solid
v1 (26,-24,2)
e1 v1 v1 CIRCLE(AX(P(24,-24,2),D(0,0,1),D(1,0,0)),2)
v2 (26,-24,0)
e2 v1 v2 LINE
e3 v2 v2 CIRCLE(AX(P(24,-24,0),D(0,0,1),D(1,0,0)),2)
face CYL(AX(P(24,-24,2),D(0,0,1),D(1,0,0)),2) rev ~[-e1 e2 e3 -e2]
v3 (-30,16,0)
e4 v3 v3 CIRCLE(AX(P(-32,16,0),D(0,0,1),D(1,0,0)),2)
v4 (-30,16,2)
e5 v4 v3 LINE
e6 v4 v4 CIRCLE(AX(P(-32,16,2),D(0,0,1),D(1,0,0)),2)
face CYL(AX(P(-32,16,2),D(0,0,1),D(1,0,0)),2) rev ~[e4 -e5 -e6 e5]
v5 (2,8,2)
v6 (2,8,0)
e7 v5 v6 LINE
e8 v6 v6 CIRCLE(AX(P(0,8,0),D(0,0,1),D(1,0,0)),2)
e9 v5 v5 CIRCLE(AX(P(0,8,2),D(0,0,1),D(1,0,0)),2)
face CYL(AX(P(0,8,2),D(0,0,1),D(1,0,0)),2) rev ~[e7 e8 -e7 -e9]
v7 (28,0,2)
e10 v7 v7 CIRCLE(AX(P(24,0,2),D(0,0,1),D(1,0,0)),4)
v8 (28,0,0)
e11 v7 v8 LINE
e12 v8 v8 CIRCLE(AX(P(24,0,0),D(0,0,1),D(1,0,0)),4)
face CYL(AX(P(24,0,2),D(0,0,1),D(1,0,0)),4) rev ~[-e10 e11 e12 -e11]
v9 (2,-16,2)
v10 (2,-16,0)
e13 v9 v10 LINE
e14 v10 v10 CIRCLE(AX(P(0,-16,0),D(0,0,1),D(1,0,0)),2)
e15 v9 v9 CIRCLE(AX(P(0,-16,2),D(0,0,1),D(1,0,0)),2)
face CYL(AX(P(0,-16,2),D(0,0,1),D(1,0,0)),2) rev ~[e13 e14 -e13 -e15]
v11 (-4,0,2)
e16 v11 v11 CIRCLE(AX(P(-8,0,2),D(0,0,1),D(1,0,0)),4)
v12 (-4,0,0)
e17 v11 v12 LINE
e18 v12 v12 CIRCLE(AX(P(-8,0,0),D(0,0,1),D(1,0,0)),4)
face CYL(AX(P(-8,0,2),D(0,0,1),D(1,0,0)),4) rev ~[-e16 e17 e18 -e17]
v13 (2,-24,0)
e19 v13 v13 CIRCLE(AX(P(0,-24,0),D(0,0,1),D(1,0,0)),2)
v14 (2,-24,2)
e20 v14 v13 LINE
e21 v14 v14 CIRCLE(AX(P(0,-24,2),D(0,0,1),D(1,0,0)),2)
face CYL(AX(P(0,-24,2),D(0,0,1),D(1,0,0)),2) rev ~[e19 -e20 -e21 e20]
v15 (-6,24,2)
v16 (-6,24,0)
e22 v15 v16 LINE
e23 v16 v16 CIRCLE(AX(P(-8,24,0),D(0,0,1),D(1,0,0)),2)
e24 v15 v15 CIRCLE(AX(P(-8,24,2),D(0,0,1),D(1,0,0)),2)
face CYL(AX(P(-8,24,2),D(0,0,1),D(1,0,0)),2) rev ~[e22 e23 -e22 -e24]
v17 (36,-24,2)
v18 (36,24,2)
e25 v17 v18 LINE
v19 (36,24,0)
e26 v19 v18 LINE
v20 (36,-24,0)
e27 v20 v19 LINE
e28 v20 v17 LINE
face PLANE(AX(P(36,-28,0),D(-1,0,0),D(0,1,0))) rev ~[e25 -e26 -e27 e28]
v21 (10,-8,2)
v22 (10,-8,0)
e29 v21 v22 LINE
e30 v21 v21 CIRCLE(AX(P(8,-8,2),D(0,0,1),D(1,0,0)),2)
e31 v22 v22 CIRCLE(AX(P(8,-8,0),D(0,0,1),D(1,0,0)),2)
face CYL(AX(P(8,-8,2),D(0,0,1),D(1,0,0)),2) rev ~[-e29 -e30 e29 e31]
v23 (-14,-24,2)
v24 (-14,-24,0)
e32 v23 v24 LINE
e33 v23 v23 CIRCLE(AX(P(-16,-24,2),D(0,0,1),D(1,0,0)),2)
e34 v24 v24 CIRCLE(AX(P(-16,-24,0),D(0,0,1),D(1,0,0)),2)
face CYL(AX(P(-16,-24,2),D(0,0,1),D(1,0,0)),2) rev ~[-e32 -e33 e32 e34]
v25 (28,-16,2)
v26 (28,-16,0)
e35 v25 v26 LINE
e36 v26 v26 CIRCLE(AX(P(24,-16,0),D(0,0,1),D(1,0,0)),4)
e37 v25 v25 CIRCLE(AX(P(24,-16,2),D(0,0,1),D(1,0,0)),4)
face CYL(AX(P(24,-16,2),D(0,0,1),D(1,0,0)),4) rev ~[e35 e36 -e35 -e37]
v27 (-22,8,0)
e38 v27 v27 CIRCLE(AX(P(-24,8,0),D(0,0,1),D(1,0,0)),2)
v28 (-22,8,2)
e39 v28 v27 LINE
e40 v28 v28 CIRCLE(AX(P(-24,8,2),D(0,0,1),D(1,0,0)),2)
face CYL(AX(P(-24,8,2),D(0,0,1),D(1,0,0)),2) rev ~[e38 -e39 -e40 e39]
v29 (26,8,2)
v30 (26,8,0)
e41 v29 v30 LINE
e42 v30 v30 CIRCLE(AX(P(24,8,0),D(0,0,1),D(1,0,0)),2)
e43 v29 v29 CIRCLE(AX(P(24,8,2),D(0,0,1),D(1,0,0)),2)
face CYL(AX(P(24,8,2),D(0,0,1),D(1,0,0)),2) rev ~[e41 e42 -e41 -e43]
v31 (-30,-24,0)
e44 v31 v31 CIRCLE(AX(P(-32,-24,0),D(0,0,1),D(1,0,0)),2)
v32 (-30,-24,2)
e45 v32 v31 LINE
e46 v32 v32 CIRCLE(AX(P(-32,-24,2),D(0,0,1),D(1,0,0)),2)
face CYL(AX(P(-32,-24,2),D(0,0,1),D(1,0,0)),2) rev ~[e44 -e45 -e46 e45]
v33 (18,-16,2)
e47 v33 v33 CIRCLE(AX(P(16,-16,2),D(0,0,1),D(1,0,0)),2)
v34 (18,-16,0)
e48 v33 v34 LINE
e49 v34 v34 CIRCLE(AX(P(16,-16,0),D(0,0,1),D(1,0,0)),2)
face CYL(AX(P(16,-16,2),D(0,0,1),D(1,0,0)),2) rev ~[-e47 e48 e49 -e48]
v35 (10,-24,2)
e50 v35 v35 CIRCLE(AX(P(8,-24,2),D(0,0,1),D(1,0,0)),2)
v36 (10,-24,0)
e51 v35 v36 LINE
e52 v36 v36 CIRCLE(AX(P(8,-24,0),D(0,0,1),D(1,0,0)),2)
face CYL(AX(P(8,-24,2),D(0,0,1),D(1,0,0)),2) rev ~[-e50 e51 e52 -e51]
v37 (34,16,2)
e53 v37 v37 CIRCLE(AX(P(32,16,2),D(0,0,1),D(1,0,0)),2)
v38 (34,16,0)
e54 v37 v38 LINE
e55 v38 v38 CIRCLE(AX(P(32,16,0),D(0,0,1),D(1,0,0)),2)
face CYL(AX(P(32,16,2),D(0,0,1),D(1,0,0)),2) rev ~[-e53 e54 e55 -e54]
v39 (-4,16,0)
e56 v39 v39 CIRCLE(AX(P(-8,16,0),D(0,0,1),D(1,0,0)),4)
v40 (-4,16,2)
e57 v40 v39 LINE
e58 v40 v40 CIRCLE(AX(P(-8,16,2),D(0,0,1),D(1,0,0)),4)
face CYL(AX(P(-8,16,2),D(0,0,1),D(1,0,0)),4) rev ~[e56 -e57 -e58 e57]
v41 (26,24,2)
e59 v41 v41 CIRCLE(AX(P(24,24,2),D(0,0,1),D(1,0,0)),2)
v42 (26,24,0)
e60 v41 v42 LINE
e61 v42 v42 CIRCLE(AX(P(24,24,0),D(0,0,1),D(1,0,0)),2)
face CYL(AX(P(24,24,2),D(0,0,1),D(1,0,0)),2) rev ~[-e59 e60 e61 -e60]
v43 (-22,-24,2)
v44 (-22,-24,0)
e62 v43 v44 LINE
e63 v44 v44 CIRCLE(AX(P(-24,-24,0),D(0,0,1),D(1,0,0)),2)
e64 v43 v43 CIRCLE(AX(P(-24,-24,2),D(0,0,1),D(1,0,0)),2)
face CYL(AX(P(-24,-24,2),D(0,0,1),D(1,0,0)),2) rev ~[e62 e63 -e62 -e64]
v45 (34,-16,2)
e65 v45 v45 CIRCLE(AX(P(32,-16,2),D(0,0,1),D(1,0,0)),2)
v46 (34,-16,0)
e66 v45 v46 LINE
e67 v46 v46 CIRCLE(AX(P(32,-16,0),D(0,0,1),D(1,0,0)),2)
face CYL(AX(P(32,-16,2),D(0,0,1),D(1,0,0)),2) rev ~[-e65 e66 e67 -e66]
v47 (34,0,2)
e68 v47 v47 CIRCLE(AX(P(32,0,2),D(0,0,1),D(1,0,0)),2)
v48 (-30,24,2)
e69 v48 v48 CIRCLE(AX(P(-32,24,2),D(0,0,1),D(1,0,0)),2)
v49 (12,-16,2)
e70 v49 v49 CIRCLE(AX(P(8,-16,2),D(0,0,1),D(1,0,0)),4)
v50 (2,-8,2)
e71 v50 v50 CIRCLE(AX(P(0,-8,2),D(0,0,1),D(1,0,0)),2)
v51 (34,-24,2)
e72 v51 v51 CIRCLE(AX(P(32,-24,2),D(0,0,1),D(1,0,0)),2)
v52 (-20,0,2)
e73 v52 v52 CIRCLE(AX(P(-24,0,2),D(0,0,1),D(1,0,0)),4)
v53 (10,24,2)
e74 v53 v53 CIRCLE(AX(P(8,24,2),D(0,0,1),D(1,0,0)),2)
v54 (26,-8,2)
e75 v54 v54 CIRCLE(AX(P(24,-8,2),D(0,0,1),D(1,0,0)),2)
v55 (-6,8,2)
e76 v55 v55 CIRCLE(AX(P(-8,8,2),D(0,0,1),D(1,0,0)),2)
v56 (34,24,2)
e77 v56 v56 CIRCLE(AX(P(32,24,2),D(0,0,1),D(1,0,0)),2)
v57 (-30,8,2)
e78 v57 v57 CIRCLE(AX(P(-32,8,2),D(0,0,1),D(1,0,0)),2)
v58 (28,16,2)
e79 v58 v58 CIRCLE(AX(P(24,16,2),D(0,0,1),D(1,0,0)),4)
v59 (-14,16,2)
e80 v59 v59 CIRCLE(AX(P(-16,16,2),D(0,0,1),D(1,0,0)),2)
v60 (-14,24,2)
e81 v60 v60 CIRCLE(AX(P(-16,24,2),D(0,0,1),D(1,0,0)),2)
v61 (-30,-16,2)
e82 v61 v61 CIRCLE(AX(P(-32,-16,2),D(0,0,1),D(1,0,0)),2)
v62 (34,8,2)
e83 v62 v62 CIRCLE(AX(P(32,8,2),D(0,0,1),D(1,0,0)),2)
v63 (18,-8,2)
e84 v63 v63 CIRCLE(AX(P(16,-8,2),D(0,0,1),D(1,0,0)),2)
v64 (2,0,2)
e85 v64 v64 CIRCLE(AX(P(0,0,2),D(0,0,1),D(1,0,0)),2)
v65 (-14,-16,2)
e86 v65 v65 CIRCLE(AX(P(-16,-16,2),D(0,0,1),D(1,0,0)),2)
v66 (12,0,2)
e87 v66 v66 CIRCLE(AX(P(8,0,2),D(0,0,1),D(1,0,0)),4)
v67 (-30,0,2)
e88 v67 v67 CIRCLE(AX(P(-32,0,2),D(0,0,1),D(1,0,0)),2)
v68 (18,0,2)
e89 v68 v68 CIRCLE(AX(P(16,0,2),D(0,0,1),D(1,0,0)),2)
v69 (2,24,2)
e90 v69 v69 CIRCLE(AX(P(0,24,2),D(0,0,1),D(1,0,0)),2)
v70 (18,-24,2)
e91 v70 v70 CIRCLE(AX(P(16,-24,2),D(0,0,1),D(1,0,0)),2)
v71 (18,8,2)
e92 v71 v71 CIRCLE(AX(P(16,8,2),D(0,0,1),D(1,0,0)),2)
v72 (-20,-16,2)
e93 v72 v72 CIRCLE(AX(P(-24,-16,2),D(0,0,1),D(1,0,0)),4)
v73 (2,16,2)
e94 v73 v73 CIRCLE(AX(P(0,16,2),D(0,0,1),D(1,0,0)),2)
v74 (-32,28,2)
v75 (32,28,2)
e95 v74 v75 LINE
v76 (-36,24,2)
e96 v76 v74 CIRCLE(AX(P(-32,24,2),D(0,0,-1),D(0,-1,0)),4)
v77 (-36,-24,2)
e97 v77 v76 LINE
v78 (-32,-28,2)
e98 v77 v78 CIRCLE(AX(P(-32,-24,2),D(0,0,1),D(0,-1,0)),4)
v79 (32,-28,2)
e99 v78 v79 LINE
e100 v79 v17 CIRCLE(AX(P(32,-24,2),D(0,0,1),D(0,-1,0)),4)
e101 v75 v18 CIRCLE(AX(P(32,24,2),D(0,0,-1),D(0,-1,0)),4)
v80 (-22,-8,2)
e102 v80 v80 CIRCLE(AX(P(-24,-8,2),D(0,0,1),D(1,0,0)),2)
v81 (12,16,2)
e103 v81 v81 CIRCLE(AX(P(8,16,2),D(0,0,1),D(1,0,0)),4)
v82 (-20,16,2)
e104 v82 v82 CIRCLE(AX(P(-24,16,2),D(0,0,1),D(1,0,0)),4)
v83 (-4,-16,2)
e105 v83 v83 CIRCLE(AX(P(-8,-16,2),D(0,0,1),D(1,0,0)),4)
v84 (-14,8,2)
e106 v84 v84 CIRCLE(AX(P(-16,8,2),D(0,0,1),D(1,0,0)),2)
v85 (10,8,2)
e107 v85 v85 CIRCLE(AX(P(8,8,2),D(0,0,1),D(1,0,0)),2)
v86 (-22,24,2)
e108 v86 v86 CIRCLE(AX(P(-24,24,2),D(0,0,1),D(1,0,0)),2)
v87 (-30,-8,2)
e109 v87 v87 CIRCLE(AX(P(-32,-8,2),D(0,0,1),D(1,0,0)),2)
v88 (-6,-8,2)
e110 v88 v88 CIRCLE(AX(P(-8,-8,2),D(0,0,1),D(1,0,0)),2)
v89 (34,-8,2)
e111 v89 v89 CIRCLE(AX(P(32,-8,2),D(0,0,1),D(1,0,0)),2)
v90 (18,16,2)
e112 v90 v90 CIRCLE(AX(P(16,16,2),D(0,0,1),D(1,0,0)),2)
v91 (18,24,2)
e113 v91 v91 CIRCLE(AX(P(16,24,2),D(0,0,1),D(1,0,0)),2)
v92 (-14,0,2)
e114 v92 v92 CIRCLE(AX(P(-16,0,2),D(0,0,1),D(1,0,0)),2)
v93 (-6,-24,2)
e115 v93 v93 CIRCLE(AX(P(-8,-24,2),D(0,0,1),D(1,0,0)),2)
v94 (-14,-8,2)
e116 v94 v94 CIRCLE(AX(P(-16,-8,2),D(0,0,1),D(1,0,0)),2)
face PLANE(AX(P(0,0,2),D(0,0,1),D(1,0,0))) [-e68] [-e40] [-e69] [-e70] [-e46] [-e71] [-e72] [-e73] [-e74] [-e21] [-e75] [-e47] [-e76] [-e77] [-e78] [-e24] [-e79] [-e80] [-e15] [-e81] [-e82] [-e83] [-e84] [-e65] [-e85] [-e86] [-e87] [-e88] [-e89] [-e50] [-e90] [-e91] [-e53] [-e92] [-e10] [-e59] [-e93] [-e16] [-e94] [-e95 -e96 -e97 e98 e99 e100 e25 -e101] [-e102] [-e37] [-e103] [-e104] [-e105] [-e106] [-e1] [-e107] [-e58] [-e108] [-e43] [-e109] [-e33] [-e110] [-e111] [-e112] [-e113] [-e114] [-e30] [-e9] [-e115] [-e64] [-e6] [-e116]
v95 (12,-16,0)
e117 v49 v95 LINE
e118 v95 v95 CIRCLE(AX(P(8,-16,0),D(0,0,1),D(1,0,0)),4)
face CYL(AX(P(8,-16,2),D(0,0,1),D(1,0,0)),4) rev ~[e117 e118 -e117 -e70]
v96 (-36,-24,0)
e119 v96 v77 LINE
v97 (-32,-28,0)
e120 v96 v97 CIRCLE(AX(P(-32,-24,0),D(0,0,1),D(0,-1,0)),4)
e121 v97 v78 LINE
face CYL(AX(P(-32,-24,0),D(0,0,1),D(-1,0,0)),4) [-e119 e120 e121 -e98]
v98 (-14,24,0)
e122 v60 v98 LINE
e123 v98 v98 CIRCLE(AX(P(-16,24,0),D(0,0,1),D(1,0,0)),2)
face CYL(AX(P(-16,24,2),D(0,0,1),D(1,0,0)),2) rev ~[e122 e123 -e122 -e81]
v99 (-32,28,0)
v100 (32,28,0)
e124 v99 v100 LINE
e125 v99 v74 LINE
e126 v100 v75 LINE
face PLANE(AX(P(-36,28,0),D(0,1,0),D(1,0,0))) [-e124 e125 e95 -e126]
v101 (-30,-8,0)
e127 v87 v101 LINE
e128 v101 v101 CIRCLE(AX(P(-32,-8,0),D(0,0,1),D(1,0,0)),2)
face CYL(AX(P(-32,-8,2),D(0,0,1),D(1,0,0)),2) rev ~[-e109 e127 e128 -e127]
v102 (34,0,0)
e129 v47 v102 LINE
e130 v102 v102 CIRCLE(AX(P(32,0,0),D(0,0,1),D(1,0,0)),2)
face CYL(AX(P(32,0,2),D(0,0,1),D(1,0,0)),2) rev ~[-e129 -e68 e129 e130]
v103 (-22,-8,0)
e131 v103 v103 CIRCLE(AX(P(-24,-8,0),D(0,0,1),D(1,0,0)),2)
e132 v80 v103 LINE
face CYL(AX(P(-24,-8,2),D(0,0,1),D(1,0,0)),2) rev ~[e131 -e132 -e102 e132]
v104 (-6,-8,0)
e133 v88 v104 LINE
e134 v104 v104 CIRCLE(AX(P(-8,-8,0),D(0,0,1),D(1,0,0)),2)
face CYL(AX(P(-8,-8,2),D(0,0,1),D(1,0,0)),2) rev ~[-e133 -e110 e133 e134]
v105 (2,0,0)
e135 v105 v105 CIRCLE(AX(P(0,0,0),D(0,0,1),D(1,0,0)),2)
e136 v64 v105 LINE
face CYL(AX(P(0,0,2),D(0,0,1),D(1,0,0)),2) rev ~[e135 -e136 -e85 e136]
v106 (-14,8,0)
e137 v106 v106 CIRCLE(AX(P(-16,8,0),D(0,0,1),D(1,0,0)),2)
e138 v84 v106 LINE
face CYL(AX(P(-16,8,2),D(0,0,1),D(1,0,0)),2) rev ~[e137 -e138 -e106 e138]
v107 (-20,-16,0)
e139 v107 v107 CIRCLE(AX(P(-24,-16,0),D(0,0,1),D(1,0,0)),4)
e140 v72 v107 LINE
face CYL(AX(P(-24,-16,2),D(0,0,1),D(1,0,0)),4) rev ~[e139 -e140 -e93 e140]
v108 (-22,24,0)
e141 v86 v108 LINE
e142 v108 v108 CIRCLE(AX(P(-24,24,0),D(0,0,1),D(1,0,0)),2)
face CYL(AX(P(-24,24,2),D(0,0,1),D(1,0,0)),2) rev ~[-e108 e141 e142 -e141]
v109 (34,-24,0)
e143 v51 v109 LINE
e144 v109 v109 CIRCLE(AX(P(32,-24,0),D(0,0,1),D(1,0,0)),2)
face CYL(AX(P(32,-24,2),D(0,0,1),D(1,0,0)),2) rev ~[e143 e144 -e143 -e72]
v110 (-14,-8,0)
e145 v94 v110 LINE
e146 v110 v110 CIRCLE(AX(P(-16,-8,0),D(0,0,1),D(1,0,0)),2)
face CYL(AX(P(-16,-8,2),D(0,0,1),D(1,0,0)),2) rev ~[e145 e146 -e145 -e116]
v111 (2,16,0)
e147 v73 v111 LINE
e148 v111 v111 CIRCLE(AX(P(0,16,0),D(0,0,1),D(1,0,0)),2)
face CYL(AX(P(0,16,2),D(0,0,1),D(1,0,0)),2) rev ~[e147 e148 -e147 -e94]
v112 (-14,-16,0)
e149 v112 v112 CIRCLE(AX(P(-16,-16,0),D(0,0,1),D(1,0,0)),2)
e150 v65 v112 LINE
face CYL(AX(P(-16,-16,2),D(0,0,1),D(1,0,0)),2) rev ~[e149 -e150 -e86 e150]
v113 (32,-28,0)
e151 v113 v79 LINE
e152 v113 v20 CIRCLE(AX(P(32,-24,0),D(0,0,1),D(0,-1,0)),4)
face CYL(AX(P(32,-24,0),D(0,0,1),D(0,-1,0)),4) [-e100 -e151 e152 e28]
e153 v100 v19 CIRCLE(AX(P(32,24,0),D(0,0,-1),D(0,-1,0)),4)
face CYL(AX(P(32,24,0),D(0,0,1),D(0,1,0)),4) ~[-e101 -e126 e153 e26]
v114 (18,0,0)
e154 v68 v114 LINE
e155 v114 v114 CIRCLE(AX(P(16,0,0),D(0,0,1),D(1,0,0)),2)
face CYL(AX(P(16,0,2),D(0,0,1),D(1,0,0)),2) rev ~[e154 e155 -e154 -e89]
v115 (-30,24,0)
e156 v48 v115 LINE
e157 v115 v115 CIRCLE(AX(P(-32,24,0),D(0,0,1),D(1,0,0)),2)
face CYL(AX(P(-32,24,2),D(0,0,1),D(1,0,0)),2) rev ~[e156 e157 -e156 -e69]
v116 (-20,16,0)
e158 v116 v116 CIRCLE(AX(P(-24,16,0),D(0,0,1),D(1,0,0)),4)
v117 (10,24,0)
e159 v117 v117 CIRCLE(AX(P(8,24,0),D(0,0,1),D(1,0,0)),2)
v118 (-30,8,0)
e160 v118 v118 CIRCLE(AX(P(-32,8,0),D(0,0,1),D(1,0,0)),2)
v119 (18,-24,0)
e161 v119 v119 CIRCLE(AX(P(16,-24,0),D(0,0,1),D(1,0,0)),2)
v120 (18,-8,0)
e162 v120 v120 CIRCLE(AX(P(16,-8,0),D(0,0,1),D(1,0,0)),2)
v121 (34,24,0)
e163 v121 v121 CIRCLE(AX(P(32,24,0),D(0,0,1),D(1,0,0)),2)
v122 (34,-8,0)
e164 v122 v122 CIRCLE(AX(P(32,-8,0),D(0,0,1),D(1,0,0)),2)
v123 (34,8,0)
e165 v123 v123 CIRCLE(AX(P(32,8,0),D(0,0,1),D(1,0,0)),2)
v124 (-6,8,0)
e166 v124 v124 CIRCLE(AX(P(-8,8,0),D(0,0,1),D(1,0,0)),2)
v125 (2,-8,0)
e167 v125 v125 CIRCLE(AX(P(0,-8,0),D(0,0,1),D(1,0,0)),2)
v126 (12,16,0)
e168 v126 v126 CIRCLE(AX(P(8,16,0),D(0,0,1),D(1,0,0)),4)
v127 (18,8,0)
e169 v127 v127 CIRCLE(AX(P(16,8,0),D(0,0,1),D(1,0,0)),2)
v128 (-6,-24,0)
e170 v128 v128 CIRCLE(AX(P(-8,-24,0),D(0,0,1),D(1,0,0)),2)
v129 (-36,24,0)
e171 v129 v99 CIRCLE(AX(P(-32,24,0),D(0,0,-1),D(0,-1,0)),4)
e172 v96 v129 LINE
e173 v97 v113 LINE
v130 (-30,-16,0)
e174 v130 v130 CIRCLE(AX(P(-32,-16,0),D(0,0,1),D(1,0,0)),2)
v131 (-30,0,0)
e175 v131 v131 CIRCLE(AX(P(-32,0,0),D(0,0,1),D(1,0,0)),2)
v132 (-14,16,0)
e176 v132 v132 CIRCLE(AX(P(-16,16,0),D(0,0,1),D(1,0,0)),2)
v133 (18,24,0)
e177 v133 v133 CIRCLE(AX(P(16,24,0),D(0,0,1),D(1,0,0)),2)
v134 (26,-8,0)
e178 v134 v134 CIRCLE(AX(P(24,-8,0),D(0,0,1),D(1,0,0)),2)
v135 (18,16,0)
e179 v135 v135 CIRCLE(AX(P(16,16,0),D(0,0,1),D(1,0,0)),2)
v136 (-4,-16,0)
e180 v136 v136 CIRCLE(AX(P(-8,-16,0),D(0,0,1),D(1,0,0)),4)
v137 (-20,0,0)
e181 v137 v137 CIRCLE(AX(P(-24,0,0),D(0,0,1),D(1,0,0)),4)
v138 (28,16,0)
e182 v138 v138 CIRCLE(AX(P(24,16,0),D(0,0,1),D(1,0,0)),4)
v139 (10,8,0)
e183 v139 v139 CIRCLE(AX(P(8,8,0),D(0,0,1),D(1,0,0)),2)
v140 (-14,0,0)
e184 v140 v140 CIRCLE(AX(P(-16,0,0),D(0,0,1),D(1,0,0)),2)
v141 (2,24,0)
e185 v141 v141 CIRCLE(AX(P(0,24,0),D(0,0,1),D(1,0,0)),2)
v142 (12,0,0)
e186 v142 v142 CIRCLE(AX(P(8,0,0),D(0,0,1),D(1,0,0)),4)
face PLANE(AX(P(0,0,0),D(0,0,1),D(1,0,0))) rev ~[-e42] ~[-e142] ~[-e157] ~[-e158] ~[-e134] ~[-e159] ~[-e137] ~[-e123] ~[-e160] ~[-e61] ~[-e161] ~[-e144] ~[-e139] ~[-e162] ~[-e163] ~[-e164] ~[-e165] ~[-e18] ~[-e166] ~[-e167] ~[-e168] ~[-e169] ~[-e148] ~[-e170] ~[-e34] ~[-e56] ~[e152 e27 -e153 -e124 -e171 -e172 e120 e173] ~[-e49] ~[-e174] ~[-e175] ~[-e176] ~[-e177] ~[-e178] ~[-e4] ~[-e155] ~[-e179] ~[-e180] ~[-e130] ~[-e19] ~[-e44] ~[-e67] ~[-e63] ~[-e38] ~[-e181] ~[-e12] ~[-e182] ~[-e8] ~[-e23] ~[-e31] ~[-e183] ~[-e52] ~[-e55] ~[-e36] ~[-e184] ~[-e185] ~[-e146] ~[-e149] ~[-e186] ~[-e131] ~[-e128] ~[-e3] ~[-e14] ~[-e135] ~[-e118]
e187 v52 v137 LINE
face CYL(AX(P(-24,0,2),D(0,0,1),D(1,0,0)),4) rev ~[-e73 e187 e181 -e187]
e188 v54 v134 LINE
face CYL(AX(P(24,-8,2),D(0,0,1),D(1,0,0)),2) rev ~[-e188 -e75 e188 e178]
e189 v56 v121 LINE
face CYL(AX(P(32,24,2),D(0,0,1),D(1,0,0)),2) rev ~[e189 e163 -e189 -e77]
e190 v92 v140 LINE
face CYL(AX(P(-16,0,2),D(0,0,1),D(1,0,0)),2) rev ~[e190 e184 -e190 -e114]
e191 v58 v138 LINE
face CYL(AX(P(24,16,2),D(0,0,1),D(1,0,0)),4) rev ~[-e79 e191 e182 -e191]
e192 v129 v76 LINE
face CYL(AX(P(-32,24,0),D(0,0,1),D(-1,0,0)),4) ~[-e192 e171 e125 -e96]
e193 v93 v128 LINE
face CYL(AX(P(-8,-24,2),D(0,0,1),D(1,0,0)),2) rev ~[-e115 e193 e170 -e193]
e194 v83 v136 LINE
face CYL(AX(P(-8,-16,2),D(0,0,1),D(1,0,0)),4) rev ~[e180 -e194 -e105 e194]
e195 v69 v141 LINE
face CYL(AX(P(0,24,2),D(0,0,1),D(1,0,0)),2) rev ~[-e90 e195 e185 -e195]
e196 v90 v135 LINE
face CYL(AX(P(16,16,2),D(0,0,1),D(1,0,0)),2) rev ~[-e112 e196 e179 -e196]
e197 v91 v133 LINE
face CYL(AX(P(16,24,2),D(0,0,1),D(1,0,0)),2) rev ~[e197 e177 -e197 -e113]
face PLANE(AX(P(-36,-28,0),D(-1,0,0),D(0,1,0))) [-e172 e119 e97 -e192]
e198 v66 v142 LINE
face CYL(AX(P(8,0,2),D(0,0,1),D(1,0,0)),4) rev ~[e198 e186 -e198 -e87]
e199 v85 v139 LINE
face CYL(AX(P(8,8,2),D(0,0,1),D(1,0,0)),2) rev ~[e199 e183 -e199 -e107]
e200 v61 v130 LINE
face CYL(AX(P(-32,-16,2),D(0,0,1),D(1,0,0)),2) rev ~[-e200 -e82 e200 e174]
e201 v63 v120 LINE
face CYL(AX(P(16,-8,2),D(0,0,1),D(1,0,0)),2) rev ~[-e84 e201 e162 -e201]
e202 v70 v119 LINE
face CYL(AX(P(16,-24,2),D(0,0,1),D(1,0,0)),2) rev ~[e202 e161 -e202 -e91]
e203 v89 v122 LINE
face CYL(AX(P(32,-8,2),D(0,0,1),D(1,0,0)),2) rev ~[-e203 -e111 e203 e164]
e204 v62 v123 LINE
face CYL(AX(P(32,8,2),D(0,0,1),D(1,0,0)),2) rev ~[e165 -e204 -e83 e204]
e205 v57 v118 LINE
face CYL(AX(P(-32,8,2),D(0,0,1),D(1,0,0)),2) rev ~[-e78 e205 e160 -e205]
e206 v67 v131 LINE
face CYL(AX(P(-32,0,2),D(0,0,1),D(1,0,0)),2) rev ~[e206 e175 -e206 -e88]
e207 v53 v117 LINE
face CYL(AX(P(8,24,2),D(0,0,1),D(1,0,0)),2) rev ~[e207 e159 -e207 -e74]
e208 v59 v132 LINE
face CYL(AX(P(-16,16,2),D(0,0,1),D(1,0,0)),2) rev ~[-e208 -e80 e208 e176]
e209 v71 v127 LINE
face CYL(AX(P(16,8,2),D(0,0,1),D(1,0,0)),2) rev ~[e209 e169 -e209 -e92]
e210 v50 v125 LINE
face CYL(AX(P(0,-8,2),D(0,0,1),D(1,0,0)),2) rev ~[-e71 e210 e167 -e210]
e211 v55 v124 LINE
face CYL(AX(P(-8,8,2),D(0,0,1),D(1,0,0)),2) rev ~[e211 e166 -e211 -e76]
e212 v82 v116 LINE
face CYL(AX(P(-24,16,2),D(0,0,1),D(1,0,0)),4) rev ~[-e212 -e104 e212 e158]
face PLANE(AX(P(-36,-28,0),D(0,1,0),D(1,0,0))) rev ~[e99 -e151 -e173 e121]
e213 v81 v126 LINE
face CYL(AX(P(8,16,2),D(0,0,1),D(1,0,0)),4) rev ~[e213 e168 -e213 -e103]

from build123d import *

# Parameters (mm, degrees)
SKETCH1_W            = 72
SKETCH1_H            = 56
BOSS_EXTRUDE1_DEPTH  = 2
SKETCH2_R            = 2
CUT_EXTRUDE1_DEPTH   = 3
LPATTERN1_COUNT      = 9
LPATTERN1_PITCH      = 8
LPATTERN1_COUNT_DIR2 = 7
LPATTERN1_PITCH_DIR2 = 8
SKETCH4_R            = 4
CUT_EXTRUDE2_DEPTH   = 3
LPATTERN2_COUNT      = 4
LPATTERN2_PITCH      = 16
LPATTERN2_COUNT_DIR2 = 3
LPATTERN2_PITCH_DIR2 = 16
FILLET1_R            = 4


with BuildPart() as part:
    # Sketch1 → Boss-Extrude1 (new body)
    with BuildSketch(Plane.XY):
        Rectangle(SKETCH1_W, SKETCH1_H)
    extrude(amount=BOSS_EXTRUDE1_DEPTH)

    # Sketch2 → Cut-Extrude1 (cut)
    with BuildSketch(Plane.XY.offset(2)):
        with Locations((-32, 24)):
            Circle(SKETCH2_R)
    cut_extrude1 = extrude(amount=-CUT_EXTRUDE1_DEPTH, mode=Mode.SUBTRACT)

    # LPattern1: Cut-Extrude1 9 × 7
    with Locations(*[(i * LPATTERN1_PITCH, -j * LPATTERN1_PITCH_DIR2, 0) for i in range(LPATTERN1_COUNT) for j in range(LPATTERN1_COUNT_DIR2) if (i, j) != (0, 0)]):
        add(cut_extrude1, mode=Mode.SUBTRACT)

    # Sketch4 → Cut-Extrude2 (cut)
    with BuildSketch(Plane.XY.offset(2)):
        with Locations((-24, 16)):
            Circle(SKETCH4_R)
    cut_extrude2 = extrude(amount=-CUT_EXTRUDE2_DEPTH, mode=Mode.SUBTRACT)

    # LPattern2: Cut-Extrude2 4 × 3
    with Locations(*[(i * LPATTERN2_PITCH, -j * LPATTERN2_PITCH_DIR2, 0) for i in range(LPATTERN2_COUNT) for j in range(LPATTERN2_COUNT_DIR2) if (i, j) != (0, 0)]):
        add(cut_extrude2, mode=Mode.SUBTRACT)

    # Fillet1
    fillet1_edges = [part.edges().sort_by_distance(p)[0] for p in [
        (36, -28, 1),
        (-36, -28, 1),
        (-36, 28, 1),
        (36, 28, 1),
    ]]
    fillet(fillet1_edges, radius=FILLET1_R)


solid = part.part
